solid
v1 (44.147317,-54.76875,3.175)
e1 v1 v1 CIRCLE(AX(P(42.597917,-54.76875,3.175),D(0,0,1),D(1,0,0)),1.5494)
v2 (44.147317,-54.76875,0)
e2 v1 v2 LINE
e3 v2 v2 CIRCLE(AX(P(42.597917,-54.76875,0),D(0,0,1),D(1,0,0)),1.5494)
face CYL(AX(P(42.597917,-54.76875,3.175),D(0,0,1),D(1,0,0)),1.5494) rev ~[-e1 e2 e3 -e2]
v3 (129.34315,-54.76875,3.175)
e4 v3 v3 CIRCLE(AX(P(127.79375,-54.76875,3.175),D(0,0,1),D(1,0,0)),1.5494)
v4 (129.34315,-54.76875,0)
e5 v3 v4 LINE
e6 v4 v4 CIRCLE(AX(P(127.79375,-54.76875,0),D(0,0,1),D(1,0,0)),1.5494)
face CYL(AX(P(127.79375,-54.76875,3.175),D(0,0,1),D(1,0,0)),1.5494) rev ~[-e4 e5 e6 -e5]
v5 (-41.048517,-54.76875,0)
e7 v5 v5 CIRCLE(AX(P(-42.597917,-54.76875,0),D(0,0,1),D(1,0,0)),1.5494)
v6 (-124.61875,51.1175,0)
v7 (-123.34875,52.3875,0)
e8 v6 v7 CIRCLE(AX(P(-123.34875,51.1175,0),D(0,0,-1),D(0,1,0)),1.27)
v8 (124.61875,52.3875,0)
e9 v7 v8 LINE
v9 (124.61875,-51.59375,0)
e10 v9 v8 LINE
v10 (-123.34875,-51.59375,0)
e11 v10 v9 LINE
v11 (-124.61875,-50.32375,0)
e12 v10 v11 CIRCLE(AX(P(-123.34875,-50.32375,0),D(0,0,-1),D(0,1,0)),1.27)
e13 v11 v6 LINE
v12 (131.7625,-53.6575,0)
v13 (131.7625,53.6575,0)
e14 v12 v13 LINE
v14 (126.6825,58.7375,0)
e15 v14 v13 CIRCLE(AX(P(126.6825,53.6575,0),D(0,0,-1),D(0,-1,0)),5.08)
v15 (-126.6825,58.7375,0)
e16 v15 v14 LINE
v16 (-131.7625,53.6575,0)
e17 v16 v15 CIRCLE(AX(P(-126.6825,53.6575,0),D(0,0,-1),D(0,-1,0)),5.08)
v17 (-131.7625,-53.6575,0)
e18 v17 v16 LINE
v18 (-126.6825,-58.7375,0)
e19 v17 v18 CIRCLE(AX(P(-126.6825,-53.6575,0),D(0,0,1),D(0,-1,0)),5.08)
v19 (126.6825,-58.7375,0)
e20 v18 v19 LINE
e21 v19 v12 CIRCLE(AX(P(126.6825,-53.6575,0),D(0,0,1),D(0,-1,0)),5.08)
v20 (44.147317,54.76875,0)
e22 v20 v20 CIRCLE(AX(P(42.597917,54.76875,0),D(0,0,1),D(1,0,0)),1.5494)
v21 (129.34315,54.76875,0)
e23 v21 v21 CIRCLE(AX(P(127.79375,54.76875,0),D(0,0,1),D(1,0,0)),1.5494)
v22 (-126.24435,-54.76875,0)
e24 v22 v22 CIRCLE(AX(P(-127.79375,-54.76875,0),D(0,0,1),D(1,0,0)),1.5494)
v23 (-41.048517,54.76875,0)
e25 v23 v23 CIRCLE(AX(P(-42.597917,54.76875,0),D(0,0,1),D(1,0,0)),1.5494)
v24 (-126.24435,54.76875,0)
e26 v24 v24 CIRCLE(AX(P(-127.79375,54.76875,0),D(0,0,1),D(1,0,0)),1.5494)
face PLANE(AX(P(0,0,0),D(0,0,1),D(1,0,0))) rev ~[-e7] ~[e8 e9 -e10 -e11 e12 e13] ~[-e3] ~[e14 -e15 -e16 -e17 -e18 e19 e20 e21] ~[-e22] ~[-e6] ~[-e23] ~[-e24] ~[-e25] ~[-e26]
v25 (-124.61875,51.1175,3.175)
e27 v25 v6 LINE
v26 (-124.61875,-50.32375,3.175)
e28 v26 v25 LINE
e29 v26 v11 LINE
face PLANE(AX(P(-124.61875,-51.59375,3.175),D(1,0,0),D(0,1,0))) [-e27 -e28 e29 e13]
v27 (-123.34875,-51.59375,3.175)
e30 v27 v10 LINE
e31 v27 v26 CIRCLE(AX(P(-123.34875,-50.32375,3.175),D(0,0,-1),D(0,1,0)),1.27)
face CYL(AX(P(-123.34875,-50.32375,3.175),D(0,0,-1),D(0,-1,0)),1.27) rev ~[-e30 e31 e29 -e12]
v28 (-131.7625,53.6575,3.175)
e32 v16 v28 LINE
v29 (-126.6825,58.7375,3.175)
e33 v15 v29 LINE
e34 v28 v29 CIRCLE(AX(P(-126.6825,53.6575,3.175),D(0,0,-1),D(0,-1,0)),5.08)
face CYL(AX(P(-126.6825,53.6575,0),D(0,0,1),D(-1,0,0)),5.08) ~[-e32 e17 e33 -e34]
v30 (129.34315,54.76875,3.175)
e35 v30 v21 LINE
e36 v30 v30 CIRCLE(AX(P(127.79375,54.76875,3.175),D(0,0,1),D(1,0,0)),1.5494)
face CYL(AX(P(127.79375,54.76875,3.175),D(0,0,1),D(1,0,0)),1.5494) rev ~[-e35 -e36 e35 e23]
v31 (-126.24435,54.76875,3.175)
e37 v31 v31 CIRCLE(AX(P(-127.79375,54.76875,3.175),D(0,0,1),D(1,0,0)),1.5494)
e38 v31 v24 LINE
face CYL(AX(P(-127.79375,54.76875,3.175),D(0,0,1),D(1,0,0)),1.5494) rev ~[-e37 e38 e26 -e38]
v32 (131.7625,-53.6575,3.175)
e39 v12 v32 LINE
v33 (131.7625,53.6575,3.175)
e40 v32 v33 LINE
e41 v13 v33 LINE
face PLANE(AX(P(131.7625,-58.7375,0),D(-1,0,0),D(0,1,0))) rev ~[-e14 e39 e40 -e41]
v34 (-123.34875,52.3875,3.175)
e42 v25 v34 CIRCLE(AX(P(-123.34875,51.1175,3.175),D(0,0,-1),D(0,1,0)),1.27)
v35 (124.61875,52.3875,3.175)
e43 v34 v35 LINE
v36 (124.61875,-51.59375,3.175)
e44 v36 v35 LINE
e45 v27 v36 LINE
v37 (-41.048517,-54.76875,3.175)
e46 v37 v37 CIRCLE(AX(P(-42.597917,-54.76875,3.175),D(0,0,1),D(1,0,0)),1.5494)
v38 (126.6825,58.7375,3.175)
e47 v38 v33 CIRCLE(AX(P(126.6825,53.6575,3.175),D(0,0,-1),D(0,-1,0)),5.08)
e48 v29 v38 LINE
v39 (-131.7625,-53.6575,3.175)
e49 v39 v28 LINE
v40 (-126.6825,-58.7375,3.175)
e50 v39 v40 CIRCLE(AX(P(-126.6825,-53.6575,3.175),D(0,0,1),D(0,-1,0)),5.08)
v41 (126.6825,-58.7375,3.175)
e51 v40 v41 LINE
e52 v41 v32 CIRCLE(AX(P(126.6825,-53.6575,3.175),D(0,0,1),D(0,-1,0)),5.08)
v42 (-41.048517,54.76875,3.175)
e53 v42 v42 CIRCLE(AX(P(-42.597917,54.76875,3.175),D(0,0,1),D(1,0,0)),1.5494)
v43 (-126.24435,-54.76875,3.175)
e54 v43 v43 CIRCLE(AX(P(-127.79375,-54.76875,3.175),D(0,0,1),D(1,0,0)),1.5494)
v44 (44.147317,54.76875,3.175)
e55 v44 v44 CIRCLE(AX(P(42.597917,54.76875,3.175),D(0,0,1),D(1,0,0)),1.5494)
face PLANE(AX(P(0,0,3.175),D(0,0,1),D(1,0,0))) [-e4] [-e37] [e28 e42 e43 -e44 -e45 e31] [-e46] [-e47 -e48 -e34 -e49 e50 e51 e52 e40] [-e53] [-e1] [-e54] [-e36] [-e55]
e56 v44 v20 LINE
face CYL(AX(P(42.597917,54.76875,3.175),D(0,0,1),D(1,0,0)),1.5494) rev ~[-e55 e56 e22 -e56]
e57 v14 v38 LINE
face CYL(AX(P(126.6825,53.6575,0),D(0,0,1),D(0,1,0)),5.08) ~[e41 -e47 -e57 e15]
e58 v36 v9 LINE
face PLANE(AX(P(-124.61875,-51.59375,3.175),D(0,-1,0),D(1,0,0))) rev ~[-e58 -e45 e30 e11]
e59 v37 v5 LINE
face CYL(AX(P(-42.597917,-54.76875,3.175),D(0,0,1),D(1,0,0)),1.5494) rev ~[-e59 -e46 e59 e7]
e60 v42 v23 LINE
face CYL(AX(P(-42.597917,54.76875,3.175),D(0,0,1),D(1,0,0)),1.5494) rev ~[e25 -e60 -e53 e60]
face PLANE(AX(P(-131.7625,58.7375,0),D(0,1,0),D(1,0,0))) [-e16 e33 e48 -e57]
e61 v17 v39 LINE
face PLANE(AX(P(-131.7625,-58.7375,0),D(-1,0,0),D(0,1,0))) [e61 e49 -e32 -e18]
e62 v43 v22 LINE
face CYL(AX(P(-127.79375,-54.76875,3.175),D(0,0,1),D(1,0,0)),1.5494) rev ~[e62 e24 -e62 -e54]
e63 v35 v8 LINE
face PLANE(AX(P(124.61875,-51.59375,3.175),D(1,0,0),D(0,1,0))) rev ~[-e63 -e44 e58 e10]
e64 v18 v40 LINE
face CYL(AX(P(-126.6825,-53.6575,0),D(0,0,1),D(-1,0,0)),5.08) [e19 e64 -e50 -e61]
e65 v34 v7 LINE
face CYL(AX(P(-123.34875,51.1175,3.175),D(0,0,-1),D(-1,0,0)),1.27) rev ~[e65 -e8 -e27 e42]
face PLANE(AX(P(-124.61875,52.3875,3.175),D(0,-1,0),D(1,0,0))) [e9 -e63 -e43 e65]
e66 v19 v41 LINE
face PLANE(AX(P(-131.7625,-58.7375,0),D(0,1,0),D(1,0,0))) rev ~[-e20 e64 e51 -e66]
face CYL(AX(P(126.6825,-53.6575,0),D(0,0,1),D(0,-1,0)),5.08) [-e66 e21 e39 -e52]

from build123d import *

# Parameters (mm, degrees)
SKETCH_W     = 263.525
SKETCH_H     = 117.475
PAD_DEPTH    = 3.175
SKETCH002_W  = 249.2375
SKETCH002_H  = 103.98125
POCKET_DEPTH = 3.176
SKETCH001_R  = 1.5494
HOLE_DEPTH   = 3.176
FILLET_R     = 5.08
FILLET001_R  = 1.27


with BuildPart() as part:
    # Sketch → Pad (new body)
    with BuildSketch(Plane.XY):
        Rectangle(SKETCH_W, SKETCH_H)
    extrude(amount=PAD_DEPTH)

    # Sketch002 (on Face6 of Pad) → Pocket (cut, through all)
    with BuildSketch(Plane.XY.offset(3.175)):
        with Locations((0, 0.396875)):
            Rectangle(SKETCH002_W, SKETCH002_H)
    extrude(amount=-POCKET_DEPTH, mode=Mode.SUBTRACT)

    # Sketch001 (on Face6 of Pad) → Hole (cut, through all)
    with BuildSketch(Plane.XY.offset(3.175)):
        with Locations((-42.597917, 54.76875)):
            Circle(SKETCH001_R)
        with Locations((42.597917, 54.76875)):
            Circle(SKETCH001_R)
        with Locations((42.597917, -54.76875)):
            Circle(SKETCH001_R)
        with Locations((-42.597917, -54.76875)):
            Circle(SKETCH001_R)
        with Locations((-127.79375, -54.76875)):
            Circle(SKETCH001_R)
        with Locations((-127.79375, 54.76875)):
            Circle(SKETCH001_R)
        with Locations((127.79375, 54.76875)):
            Circle(SKETCH001_R)
        with Locations((127.79375, -54.76875)):
            Circle(SKETCH001_R)
    extrude(amount=-HOLE_DEPTH, mode=Mode.SUBTRACT)

    # Fillet
    fillet_edges = [part.edges().sort_by_distance(p)[0] for p in [
        (-131.7625, 58.7375, 1.5875),
        (-131.7625, -58.7375, 1.5875),
        (131.7625, -58.7375, 1.5875),
        (131.7625, 58.7375, 1.5875),
    ]]
    fillet(fillet_edges, radius=FILLET_R)

    # Fillet001
    fillet001_edges = [part.edges().sort_by_distance(p)[0] for p in [
        (-124.61875, -51.59375, 1.5875),
        (-41.048517, 54.76875, 1.5875),
        (-126.24435, 54.76875, 1.5875),
        (-124.61875, 52.3875, 1.5875),
    ]]
    fillet(fillet001_edges, radius=FILLET001_R)


solid = part.part
